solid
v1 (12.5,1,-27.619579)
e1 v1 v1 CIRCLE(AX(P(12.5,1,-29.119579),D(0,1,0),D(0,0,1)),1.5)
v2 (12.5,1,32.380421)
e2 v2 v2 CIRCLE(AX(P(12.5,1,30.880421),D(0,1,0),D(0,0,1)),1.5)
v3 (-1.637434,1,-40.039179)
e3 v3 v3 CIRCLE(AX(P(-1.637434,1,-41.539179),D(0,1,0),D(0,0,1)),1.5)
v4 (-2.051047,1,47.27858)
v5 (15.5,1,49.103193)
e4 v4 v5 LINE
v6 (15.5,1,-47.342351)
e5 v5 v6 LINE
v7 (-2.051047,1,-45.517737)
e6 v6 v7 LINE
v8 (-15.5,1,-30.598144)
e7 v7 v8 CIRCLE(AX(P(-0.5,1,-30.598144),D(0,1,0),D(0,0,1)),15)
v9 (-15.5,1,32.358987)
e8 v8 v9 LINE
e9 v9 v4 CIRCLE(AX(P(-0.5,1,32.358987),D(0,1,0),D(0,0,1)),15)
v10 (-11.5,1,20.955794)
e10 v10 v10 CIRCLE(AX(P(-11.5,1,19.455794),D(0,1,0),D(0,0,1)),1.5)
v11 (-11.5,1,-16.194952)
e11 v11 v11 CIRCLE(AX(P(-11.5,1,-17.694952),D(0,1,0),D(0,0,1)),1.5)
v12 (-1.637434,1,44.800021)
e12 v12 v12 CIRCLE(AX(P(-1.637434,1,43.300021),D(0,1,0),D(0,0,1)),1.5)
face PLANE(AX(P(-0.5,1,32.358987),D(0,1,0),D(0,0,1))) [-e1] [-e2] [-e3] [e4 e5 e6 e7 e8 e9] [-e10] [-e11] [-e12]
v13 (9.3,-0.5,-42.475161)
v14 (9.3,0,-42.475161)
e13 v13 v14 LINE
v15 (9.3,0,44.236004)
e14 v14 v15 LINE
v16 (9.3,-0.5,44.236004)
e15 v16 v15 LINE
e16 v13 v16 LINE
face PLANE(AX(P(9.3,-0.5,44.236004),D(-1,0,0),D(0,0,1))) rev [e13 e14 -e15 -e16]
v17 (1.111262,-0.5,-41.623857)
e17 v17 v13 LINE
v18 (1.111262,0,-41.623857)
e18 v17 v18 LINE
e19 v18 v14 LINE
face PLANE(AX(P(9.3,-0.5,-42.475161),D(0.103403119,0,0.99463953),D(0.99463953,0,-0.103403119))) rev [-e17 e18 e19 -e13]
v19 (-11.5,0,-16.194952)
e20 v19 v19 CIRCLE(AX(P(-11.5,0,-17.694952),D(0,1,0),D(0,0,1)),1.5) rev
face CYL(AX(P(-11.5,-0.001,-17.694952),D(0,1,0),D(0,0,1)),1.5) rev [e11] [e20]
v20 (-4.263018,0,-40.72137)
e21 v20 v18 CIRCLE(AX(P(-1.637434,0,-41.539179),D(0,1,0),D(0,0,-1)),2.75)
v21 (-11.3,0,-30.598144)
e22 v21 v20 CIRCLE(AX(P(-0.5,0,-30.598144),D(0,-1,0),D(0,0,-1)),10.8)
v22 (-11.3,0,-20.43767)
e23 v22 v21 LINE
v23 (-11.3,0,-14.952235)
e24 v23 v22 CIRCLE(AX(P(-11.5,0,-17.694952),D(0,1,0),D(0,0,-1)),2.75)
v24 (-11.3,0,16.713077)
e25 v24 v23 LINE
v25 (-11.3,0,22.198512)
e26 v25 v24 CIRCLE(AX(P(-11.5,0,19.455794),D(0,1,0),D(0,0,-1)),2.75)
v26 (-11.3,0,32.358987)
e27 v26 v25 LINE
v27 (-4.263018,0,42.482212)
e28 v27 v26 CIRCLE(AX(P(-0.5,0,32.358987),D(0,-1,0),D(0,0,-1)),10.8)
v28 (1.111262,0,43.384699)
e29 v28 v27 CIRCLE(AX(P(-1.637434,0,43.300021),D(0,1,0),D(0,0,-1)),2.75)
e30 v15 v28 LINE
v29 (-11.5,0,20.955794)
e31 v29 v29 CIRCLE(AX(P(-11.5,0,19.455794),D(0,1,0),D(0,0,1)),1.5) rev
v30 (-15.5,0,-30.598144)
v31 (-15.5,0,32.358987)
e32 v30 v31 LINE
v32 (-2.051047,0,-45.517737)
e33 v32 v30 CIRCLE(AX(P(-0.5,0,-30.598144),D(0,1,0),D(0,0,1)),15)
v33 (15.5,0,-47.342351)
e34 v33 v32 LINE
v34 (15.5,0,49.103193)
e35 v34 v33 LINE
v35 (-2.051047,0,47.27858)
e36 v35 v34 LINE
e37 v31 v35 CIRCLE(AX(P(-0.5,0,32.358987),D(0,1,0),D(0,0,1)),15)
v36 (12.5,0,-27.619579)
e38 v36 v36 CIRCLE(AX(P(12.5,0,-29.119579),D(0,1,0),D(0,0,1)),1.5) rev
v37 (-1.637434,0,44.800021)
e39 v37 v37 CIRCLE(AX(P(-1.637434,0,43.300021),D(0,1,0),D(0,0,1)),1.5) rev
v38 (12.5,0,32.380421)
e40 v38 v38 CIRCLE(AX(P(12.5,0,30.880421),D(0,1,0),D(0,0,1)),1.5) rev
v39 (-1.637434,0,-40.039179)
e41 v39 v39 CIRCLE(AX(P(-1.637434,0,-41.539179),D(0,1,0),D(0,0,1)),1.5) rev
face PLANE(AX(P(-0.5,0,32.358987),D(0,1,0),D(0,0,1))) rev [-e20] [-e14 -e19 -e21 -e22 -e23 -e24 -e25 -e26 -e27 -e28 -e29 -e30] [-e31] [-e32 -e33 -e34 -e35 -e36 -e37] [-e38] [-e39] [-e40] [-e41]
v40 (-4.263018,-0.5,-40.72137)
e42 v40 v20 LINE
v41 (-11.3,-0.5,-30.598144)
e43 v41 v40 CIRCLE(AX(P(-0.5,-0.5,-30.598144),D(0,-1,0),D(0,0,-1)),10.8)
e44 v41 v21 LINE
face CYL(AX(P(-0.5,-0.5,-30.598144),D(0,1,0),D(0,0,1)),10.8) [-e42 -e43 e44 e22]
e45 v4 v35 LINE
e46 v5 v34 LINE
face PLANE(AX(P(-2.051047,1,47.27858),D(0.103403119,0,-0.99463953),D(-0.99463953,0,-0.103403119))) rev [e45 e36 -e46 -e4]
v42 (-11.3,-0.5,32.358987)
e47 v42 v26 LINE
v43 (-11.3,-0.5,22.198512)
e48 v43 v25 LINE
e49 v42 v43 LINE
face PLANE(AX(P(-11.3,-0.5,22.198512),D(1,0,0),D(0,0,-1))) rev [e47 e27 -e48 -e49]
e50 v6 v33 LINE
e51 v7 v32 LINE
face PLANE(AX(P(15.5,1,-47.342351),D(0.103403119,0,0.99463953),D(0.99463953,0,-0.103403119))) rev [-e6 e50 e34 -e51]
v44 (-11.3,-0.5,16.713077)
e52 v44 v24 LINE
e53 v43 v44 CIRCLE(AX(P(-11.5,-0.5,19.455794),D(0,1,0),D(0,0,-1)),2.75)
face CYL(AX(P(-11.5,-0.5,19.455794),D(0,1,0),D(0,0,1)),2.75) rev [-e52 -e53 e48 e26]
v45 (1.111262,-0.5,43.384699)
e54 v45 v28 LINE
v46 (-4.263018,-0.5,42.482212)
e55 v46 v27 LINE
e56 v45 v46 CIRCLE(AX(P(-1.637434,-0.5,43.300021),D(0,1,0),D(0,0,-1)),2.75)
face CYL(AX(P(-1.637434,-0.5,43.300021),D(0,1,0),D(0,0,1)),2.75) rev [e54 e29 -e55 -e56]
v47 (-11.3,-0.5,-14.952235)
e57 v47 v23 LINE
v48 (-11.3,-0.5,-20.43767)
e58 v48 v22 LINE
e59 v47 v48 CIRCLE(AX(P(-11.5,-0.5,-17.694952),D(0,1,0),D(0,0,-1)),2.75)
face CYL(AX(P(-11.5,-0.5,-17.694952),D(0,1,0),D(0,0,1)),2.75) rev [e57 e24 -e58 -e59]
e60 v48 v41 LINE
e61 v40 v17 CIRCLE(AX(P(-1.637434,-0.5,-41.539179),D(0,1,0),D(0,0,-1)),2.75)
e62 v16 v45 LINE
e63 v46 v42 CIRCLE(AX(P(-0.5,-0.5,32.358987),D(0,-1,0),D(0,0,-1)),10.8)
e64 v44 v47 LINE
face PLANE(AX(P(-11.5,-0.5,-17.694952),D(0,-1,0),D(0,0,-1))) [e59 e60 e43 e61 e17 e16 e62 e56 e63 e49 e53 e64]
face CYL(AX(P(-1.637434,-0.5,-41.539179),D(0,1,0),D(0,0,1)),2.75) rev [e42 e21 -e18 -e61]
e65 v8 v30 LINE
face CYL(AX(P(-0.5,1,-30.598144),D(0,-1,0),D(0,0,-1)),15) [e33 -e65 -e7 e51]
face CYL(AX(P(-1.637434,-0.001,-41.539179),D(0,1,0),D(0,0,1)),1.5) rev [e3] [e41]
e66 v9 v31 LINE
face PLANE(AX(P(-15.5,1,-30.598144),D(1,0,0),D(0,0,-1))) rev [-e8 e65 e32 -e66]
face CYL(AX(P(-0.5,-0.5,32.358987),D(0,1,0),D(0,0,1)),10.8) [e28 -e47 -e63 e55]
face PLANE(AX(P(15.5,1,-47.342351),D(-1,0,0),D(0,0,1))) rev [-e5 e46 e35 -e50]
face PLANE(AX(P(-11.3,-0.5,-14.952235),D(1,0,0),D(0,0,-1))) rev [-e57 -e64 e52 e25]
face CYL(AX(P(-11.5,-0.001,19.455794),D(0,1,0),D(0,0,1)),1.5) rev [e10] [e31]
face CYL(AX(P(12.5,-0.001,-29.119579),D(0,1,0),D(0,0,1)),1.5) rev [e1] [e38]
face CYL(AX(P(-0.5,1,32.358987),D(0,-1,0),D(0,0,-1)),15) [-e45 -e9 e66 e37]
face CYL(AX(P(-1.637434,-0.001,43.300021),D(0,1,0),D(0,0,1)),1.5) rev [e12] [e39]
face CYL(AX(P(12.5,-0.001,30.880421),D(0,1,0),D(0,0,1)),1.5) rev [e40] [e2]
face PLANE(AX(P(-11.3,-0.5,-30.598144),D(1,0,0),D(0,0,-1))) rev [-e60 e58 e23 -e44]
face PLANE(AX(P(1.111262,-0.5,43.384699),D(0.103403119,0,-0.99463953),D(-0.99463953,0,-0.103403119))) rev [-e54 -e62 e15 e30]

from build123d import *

# Parameters (mm, degrees)
EXTRUDE_1_DEPTH     = 1
CUT_EXTRUDE_1_REACH = 53.501
SKETCH_2_R          = 1.5
EXTRUDE_2_DEPTH     = 0.5


with BuildPart() as part:
    # 스케치1 → 보스-돌출1 (new body)
    with BuildSketch(Plane(origin=(0, 0, 0), x_dir=(1, 0, 0), z_dir=(0, 1, 0))):
        with BuildLine():
            Line((15.5, 47.342351167), (-2.051046792, 45.517737392))
            ThreePointArc((-2.051046792, 45.517737392), (-11.641492312, 40.641408305), (-15.5, 30.59814444))
            Line((-15.5, 30.59814444), (-15.5, -32.35898666))
            ThreePointArc((-15.5, -32.35898666), (-11.641492312, -42.402250525), (-2.051046792, -47.278579612))
            Line((-2.051046792, -47.278579612), (15.5, -49.103193387))
            Line((15.5, -49.103193387), (15.5, 47.342351167))
        make_face()
    extrude(amount=EXTRUDE_1_DEPTH)

    # 스케치2 → 컷-돌출1 (cut, up to next)
    with BuildSketch(Plane(origin=(0, 1, 0), x_dir=(1, 0, 0), z_dir=(0, 1, 0)), mode=Mode.PRIVATE) as cut_extrude_1_sk1:
        with Locations(Location((-1.637434314, 41.539179271, 0), (0, 0, 270))):
            Circle(SKETCH_2_R)
    cut_extrude_1_tool1 = extrude(cut_extrude_1_sk1.sketch, amount=-CUT_EXTRUDE_1_REACH, mode=Mode.PRIVATE) & part.part
    # 스케치2 → 컷-돌출1 (cut, up to next)
    with BuildSketch(Plane(origin=(0, 1, 0), x_dir=(1, 0, 0), z_dir=(0, 1, 0)), mode=Mode.PRIVATE) as cut_extrude_1_sk2:
        with Locations(Location((-11.5, 17.694952146, 0), (0, 0, 270))):
            Circle(SKETCH_2_R)
    cut_extrude_1_tool2 = extrude(cut_extrude_1_sk2.sketch, amount=-CUT_EXTRUDE_1_REACH, mode=Mode.PRIVATE) & part.part
    # 스케치2 → 컷-돌출1 (cut, up to next)
    with BuildSketch(Plane(origin=(0, 1, 0), x_dir=(1, 0, 0), z_dir=(0, 1, 0)), mode=Mode.PRIVATE) as cut_extrude_1_sk3:
        with Locations(Location((-11.5, -19.455794366, 0), (0, 0, 270))):
            Circle(SKETCH_2_R)
    cut_extrude_1_tool3 = extrude(cut_extrude_1_sk3.sketch, amount=-CUT_EXTRUDE_1_REACH, mode=Mode.PRIVATE) & part.part
    # 스케치2 → 컷-돌출1 (cut, up to next)
    with BuildSketch(Plane(origin=(0, 1, 0), x_dir=(1, 0, 0), z_dir=(0, 1, 0)), mode=Mode.PRIVATE) as cut_extrude_1_sk4:
        with Locations(Location((-1.637434314, -43.300021491, 0), (0, 0, 270))):
            Circle(SKETCH_2_R)
    cut_extrude_1_tool4 = extrude(cut_extrude_1_sk4.sketch, amount=-CUT_EXTRUDE_1_REACH, mode=Mode.PRIVATE) & part.part
    # 스케치2 → 컷-돌출1 (cut, up to next)
    with BuildSketch(Plane(origin=(0, 1, 0), x_dir=(1, 0, 0), z_dir=(0, 1, 0)), mode=Mode.PRIVATE) as cut_extrude_1_sk5:
        with Locations(Location((12.5, 29.11957889, 0), (0, 0, 270))):
            Circle(SKETCH_2_R)
    cut_extrude_1_tool5 = extrude(cut_extrude_1_sk5.sketch, amount=-CUT_EXTRUDE_1_REACH, mode=Mode.PRIVATE) & part.part
    # 스케치2 → 컷-돌출1 (cut, up to next)
    with BuildSketch(Plane(origin=(0, 1, 0), x_dir=(1, 0, 0), z_dir=(0, 1, 0)), mode=Mode.PRIVATE) as cut_extrude_1_sk6:
        with Locations(Location((12.5, -30.88042111, 0), (0, 0, 270))):
            Circle(SKETCH_2_R)
    cut_extrude_1_tool6 = extrude(cut_extrude_1_sk6.sketch, amount=-CUT_EXTRUDE_1_REACH, mode=Mode.PRIVATE) & part.part
    add(cut_extrude_1_tool1.solids().sort_by_distance((-1.637434, 1, -41.539179))[0], mode=Mode.SUBTRACT)
    add(cut_extrude_1_tool2.solids().sort_by_distance((-11.5, 1, -17.694952))[0], mode=Mode.SUBTRACT)
    add(cut_extrude_1_tool3.solids().sort_by_distance((-11.5, 1, 19.455794))[0], mode=Mode.SUBTRACT)
    add(cut_extrude_1_tool4.solids().sort_by_distance((-1.637434, 1, 43.300021))[0], mode=Mode.SUBTRACT)
    add(cut_extrude_1_tool5.solids().sort_by_distance((12.5, 1, -29.119579))[0], mode=Mode.SUBTRACT)
    add(cut_extrude_1_tool6.solids().sort_by_distance((12.5, 1, 30.880421))[0], mode=Mode.SUBTRACT)

    # 스케치3 → 보스-돌출2 (add)
    with BuildSketch(Plane.XZ):
        with BuildLine():
            Line((-11.3, -14.952234515), (-11.3, 16.713076735))
            ThreePointArc((-11.3, 16.713076735), (-8.75, 19.455794366), (-11.3, 22.198511996))
            Line((-11.3, 22.198511996), (-11.3, 32.35898666))
            ThreePointArc((-11.3, 32.35898666), (-9.367936379, 38.523376685), (-4.263017708, 42.482212318))
            ThreePointArc((-4.263017708, 42.482212318), (-1.182011658, 40.587994536), (1.111261685, 43.384699144))
            Line((1.111261685, 43.384699144), (9.3, 44.236003622))
            Line((9.3, 44.236003622), (9.3, -42.475161402))
            Line((9.3, -42.475161402), (1.111261685, -41.623856924))
            ThreePointArc((1.111261685, -41.623856924), (-1.182011658, -38.827152317), (-4.263017708, -40.721370098))
            ThreePointArc((-4.263017708, -40.721370098), (-9.367936379, -36.762534465), (-11.3, -30.59814444))
            Line((-11.3, -30.59814444), (-11.3, -20.437669776))
            ThreePointArc((-11.3, -20.437669776), (-8.75, -17.694952146), (-11.3, -14.952234515))
        make_face()
    extrude(amount=EXTRUDE_2_DEPTH)


solid = part.part
